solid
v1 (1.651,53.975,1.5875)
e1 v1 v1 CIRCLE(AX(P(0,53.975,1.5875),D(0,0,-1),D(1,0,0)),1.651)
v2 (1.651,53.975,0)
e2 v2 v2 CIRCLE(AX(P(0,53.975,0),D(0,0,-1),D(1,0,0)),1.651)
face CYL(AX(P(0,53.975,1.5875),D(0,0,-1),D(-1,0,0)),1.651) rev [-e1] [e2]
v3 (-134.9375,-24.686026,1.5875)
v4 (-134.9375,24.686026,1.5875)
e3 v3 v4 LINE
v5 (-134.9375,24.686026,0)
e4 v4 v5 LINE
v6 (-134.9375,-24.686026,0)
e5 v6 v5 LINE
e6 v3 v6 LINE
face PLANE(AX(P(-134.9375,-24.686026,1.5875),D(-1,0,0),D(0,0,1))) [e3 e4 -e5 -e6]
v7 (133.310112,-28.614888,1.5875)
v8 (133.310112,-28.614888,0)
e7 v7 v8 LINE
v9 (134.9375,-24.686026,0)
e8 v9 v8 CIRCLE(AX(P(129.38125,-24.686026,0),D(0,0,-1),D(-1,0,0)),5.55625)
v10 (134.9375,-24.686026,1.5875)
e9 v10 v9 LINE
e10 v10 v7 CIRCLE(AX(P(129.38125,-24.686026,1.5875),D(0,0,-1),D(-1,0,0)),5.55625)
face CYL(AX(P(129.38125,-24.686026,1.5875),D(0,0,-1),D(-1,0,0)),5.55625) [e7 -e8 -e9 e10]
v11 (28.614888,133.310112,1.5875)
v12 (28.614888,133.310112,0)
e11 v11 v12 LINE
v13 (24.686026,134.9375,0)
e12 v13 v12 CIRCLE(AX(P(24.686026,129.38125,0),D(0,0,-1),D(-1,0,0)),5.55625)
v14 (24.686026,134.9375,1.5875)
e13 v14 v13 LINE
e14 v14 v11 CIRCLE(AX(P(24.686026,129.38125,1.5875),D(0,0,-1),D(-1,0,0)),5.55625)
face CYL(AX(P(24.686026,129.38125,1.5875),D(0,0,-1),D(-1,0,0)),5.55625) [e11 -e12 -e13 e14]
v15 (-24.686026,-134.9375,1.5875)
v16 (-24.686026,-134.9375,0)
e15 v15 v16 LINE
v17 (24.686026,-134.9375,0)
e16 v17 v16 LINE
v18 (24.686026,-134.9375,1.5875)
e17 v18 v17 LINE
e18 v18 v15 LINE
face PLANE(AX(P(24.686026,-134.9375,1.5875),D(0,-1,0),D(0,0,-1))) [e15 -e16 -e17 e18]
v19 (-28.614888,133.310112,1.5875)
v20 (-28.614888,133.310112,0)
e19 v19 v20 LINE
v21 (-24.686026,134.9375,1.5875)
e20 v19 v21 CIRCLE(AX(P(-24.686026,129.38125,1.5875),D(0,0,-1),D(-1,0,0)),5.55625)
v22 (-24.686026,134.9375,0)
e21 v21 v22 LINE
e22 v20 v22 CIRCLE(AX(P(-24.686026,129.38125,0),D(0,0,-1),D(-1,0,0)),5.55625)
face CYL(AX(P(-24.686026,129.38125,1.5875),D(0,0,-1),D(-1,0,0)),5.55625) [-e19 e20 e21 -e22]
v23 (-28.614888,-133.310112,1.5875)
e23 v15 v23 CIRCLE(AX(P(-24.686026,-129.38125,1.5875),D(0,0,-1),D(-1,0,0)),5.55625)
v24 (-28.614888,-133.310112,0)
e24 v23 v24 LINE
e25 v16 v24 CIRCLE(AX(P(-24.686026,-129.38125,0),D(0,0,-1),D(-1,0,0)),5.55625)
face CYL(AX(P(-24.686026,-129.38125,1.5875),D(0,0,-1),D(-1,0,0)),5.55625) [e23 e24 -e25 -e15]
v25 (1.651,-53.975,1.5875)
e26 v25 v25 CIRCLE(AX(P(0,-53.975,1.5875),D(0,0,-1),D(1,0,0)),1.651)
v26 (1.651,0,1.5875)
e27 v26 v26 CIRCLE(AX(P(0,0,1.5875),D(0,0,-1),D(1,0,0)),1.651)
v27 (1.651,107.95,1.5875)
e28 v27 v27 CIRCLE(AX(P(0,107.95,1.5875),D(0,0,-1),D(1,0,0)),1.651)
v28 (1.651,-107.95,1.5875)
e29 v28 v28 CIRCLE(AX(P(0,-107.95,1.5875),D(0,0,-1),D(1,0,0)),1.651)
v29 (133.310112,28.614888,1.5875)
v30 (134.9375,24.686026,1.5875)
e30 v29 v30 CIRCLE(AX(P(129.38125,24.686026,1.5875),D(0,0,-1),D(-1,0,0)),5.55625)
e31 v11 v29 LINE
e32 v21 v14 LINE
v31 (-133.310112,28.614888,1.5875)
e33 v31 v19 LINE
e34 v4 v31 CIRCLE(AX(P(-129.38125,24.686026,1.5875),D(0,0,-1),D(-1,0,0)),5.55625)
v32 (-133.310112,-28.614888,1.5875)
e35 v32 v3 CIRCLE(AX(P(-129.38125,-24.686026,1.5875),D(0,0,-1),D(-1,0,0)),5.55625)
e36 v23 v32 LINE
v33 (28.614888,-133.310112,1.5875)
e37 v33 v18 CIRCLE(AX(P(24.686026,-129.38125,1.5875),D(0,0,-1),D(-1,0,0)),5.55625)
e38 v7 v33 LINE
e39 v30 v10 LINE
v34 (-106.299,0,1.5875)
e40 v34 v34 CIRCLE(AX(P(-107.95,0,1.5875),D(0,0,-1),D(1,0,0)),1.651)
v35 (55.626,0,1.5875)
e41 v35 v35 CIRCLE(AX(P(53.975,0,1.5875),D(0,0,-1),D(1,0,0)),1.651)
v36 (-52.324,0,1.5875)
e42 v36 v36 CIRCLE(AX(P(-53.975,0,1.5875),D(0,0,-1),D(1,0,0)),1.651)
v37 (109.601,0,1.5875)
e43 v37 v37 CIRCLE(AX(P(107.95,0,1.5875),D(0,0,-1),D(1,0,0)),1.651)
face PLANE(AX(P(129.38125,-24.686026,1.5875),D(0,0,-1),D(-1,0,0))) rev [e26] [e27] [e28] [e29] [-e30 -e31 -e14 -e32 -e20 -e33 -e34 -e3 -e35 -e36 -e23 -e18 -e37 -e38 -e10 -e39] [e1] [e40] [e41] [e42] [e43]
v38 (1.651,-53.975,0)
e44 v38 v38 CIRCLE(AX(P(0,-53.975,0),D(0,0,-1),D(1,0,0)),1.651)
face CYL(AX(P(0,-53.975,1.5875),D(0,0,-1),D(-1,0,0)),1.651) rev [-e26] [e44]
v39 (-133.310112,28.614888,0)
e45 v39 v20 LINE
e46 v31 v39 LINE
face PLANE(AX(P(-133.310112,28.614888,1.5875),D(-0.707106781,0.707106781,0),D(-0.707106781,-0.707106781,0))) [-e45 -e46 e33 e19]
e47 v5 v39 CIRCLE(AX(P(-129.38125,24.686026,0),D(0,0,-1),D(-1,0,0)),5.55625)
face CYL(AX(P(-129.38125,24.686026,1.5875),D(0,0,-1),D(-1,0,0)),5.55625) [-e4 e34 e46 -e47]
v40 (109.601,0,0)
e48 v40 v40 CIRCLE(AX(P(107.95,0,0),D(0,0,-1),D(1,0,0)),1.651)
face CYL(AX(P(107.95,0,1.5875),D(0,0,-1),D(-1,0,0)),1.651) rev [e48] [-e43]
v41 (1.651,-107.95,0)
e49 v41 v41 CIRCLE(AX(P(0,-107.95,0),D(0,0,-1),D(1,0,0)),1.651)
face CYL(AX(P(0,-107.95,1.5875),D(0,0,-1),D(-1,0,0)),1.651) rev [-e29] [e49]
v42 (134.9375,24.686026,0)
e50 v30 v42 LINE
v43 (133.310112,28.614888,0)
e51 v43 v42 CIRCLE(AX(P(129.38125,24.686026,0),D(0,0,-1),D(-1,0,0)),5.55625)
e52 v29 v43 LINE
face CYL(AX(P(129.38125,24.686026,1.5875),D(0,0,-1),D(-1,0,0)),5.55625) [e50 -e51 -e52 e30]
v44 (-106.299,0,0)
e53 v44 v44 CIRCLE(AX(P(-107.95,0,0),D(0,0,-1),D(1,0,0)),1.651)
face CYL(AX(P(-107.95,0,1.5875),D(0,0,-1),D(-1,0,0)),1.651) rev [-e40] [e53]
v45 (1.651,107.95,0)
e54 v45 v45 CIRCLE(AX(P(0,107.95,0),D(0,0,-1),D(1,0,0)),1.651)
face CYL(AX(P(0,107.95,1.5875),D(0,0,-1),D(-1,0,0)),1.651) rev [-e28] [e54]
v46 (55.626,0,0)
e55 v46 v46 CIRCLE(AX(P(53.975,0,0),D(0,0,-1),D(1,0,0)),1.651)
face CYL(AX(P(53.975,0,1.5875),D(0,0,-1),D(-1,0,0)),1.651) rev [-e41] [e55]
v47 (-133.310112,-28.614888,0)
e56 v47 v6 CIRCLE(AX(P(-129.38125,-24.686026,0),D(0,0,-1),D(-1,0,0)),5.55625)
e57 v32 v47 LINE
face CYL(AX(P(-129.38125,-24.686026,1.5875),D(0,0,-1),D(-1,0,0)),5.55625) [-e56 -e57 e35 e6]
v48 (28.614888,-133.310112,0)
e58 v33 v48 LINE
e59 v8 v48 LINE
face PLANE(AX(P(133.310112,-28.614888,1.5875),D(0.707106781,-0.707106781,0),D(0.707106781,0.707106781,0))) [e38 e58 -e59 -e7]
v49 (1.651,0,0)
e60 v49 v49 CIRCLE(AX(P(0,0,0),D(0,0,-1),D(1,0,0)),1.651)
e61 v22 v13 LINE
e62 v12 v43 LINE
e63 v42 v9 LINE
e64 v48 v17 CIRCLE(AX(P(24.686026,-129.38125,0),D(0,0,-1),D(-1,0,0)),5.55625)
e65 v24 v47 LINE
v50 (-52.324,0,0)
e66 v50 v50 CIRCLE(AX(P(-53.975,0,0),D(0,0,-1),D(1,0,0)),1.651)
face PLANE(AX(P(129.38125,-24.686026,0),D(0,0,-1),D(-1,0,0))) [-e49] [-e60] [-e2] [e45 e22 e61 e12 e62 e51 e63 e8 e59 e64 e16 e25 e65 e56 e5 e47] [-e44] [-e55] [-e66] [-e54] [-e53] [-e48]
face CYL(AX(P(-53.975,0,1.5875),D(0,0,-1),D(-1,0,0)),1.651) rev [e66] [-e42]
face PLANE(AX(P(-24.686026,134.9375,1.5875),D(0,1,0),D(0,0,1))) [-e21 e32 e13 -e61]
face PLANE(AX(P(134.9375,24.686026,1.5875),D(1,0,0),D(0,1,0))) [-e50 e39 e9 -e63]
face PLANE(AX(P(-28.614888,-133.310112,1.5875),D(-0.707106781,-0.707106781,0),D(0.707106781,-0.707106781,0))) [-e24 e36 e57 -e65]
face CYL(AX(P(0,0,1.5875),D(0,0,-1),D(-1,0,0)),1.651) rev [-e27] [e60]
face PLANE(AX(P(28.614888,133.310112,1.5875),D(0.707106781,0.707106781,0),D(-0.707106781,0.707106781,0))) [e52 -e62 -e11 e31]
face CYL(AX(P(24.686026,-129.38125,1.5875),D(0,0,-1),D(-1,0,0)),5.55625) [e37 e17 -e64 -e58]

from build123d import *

# Parameters (mm, degrees)
SKETCH1_R           = 1.651
BOSS_EXTRUDE1_DEPTH = 1.5875


with BuildPart() as part:
    # Sketch1 → Boss-Extrude1 (new body)
    with BuildSketch(Plane(origin=(0, 0, 0), x_dir=(-1, 0, 0), z_dir=(0, 0, -1))):
        with BuildLine():
            Line((-133.310112052, -28.614887943), (-28.614887941, -133.310112054))
            ThreePointArc((-28.614887941, -133.310112054), (-26.812310708, -134.514555654), (-24.686025887, -134.937500002))
            Line((-24.686025887, -134.937500002), (24.68602589, -134.937500002))
            ThreePointArc((24.68602589, -134.937500002), (26.812310711, -134.514555654), (28.614887944, -133.310112054))
            Line((28.614887944, -133.310112054), (133.310112056, -28.614887942))
            ThreePointArc((133.310112056, -28.614887942), (134.514555656, -26.81231071), (134.937500003, -24.686025888))
            Line((134.937500003, -24.686025888), (134.937500003, 24.686025887))
            ThreePointArc((134.937500003, 24.686025887), (134.514555656, 26.812310709), (133.310112056, 28.614887942))
            Line((133.310112056, 28.614887942), (28.614887944, 133.310112054))
            ThreePointArc((28.614887944, 133.310112054), (26.812310711, 134.514555654), (24.68602589, 134.937500001))
            Line((24.68602589, 134.937500001), (-24.686025886, 134.937500001))
            ThreePointArc((-24.686025886, 134.937500001), (-26.812310708, 134.514555654), (-28.614887941, 133.310112054))
            Line((-28.614887941, 133.310112054), (-133.310112053, 28.614887942))
            ThreePointArc((-133.310112053, 28.614887942), (-134.514555652, 26.81231071), (-134.9375, 24.686025888))
            Line((-134.9375, 24.686025888), (-134.9375, -24.686025888))
            ThreePointArc((-134.9375, -24.686025888), (-134.514555652, -26.81231071), (-133.310112052, -28.614887943))
        make_face()
        with Locations((0, 53.975)):
            Circle(SKETCH1_R, mode=Mode.SUBTRACT)
        Circle(SKETCH1_R, mode=Mode.SUBTRACT)
        with Locations((0, -107.95)):
            Circle(SKETCH1_R, mode=Mode.SUBTRACT)
        with Locations((0, 107.95)):
            Circle(SKETCH1_R, mode=Mode.SUBTRACT)
        with Locations((-53.975, 0)):
            Circle(SKETCH1_R, mode=Mode.SUBTRACT)
        with Locations((53.975, 0)):
            Circle(SKETCH1_R, mode=Mode.SUBTRACT)
        with Locations((0, -53.975)):
            Circle(SKETCH1_R, mode=Mode.SUBTRACT)
        with Locations((-107.95, 0)):
            Circle(SKETCH1_R, mode=Mode.SUBTRACT)
        with Locations((107.95, 0)):
            Circle(SKETCH1_R, mode=Mode.SUBTRACT)
    extrude(amount=-BOSS_EXTRUDE1_DEPTH)


solid = part.part
